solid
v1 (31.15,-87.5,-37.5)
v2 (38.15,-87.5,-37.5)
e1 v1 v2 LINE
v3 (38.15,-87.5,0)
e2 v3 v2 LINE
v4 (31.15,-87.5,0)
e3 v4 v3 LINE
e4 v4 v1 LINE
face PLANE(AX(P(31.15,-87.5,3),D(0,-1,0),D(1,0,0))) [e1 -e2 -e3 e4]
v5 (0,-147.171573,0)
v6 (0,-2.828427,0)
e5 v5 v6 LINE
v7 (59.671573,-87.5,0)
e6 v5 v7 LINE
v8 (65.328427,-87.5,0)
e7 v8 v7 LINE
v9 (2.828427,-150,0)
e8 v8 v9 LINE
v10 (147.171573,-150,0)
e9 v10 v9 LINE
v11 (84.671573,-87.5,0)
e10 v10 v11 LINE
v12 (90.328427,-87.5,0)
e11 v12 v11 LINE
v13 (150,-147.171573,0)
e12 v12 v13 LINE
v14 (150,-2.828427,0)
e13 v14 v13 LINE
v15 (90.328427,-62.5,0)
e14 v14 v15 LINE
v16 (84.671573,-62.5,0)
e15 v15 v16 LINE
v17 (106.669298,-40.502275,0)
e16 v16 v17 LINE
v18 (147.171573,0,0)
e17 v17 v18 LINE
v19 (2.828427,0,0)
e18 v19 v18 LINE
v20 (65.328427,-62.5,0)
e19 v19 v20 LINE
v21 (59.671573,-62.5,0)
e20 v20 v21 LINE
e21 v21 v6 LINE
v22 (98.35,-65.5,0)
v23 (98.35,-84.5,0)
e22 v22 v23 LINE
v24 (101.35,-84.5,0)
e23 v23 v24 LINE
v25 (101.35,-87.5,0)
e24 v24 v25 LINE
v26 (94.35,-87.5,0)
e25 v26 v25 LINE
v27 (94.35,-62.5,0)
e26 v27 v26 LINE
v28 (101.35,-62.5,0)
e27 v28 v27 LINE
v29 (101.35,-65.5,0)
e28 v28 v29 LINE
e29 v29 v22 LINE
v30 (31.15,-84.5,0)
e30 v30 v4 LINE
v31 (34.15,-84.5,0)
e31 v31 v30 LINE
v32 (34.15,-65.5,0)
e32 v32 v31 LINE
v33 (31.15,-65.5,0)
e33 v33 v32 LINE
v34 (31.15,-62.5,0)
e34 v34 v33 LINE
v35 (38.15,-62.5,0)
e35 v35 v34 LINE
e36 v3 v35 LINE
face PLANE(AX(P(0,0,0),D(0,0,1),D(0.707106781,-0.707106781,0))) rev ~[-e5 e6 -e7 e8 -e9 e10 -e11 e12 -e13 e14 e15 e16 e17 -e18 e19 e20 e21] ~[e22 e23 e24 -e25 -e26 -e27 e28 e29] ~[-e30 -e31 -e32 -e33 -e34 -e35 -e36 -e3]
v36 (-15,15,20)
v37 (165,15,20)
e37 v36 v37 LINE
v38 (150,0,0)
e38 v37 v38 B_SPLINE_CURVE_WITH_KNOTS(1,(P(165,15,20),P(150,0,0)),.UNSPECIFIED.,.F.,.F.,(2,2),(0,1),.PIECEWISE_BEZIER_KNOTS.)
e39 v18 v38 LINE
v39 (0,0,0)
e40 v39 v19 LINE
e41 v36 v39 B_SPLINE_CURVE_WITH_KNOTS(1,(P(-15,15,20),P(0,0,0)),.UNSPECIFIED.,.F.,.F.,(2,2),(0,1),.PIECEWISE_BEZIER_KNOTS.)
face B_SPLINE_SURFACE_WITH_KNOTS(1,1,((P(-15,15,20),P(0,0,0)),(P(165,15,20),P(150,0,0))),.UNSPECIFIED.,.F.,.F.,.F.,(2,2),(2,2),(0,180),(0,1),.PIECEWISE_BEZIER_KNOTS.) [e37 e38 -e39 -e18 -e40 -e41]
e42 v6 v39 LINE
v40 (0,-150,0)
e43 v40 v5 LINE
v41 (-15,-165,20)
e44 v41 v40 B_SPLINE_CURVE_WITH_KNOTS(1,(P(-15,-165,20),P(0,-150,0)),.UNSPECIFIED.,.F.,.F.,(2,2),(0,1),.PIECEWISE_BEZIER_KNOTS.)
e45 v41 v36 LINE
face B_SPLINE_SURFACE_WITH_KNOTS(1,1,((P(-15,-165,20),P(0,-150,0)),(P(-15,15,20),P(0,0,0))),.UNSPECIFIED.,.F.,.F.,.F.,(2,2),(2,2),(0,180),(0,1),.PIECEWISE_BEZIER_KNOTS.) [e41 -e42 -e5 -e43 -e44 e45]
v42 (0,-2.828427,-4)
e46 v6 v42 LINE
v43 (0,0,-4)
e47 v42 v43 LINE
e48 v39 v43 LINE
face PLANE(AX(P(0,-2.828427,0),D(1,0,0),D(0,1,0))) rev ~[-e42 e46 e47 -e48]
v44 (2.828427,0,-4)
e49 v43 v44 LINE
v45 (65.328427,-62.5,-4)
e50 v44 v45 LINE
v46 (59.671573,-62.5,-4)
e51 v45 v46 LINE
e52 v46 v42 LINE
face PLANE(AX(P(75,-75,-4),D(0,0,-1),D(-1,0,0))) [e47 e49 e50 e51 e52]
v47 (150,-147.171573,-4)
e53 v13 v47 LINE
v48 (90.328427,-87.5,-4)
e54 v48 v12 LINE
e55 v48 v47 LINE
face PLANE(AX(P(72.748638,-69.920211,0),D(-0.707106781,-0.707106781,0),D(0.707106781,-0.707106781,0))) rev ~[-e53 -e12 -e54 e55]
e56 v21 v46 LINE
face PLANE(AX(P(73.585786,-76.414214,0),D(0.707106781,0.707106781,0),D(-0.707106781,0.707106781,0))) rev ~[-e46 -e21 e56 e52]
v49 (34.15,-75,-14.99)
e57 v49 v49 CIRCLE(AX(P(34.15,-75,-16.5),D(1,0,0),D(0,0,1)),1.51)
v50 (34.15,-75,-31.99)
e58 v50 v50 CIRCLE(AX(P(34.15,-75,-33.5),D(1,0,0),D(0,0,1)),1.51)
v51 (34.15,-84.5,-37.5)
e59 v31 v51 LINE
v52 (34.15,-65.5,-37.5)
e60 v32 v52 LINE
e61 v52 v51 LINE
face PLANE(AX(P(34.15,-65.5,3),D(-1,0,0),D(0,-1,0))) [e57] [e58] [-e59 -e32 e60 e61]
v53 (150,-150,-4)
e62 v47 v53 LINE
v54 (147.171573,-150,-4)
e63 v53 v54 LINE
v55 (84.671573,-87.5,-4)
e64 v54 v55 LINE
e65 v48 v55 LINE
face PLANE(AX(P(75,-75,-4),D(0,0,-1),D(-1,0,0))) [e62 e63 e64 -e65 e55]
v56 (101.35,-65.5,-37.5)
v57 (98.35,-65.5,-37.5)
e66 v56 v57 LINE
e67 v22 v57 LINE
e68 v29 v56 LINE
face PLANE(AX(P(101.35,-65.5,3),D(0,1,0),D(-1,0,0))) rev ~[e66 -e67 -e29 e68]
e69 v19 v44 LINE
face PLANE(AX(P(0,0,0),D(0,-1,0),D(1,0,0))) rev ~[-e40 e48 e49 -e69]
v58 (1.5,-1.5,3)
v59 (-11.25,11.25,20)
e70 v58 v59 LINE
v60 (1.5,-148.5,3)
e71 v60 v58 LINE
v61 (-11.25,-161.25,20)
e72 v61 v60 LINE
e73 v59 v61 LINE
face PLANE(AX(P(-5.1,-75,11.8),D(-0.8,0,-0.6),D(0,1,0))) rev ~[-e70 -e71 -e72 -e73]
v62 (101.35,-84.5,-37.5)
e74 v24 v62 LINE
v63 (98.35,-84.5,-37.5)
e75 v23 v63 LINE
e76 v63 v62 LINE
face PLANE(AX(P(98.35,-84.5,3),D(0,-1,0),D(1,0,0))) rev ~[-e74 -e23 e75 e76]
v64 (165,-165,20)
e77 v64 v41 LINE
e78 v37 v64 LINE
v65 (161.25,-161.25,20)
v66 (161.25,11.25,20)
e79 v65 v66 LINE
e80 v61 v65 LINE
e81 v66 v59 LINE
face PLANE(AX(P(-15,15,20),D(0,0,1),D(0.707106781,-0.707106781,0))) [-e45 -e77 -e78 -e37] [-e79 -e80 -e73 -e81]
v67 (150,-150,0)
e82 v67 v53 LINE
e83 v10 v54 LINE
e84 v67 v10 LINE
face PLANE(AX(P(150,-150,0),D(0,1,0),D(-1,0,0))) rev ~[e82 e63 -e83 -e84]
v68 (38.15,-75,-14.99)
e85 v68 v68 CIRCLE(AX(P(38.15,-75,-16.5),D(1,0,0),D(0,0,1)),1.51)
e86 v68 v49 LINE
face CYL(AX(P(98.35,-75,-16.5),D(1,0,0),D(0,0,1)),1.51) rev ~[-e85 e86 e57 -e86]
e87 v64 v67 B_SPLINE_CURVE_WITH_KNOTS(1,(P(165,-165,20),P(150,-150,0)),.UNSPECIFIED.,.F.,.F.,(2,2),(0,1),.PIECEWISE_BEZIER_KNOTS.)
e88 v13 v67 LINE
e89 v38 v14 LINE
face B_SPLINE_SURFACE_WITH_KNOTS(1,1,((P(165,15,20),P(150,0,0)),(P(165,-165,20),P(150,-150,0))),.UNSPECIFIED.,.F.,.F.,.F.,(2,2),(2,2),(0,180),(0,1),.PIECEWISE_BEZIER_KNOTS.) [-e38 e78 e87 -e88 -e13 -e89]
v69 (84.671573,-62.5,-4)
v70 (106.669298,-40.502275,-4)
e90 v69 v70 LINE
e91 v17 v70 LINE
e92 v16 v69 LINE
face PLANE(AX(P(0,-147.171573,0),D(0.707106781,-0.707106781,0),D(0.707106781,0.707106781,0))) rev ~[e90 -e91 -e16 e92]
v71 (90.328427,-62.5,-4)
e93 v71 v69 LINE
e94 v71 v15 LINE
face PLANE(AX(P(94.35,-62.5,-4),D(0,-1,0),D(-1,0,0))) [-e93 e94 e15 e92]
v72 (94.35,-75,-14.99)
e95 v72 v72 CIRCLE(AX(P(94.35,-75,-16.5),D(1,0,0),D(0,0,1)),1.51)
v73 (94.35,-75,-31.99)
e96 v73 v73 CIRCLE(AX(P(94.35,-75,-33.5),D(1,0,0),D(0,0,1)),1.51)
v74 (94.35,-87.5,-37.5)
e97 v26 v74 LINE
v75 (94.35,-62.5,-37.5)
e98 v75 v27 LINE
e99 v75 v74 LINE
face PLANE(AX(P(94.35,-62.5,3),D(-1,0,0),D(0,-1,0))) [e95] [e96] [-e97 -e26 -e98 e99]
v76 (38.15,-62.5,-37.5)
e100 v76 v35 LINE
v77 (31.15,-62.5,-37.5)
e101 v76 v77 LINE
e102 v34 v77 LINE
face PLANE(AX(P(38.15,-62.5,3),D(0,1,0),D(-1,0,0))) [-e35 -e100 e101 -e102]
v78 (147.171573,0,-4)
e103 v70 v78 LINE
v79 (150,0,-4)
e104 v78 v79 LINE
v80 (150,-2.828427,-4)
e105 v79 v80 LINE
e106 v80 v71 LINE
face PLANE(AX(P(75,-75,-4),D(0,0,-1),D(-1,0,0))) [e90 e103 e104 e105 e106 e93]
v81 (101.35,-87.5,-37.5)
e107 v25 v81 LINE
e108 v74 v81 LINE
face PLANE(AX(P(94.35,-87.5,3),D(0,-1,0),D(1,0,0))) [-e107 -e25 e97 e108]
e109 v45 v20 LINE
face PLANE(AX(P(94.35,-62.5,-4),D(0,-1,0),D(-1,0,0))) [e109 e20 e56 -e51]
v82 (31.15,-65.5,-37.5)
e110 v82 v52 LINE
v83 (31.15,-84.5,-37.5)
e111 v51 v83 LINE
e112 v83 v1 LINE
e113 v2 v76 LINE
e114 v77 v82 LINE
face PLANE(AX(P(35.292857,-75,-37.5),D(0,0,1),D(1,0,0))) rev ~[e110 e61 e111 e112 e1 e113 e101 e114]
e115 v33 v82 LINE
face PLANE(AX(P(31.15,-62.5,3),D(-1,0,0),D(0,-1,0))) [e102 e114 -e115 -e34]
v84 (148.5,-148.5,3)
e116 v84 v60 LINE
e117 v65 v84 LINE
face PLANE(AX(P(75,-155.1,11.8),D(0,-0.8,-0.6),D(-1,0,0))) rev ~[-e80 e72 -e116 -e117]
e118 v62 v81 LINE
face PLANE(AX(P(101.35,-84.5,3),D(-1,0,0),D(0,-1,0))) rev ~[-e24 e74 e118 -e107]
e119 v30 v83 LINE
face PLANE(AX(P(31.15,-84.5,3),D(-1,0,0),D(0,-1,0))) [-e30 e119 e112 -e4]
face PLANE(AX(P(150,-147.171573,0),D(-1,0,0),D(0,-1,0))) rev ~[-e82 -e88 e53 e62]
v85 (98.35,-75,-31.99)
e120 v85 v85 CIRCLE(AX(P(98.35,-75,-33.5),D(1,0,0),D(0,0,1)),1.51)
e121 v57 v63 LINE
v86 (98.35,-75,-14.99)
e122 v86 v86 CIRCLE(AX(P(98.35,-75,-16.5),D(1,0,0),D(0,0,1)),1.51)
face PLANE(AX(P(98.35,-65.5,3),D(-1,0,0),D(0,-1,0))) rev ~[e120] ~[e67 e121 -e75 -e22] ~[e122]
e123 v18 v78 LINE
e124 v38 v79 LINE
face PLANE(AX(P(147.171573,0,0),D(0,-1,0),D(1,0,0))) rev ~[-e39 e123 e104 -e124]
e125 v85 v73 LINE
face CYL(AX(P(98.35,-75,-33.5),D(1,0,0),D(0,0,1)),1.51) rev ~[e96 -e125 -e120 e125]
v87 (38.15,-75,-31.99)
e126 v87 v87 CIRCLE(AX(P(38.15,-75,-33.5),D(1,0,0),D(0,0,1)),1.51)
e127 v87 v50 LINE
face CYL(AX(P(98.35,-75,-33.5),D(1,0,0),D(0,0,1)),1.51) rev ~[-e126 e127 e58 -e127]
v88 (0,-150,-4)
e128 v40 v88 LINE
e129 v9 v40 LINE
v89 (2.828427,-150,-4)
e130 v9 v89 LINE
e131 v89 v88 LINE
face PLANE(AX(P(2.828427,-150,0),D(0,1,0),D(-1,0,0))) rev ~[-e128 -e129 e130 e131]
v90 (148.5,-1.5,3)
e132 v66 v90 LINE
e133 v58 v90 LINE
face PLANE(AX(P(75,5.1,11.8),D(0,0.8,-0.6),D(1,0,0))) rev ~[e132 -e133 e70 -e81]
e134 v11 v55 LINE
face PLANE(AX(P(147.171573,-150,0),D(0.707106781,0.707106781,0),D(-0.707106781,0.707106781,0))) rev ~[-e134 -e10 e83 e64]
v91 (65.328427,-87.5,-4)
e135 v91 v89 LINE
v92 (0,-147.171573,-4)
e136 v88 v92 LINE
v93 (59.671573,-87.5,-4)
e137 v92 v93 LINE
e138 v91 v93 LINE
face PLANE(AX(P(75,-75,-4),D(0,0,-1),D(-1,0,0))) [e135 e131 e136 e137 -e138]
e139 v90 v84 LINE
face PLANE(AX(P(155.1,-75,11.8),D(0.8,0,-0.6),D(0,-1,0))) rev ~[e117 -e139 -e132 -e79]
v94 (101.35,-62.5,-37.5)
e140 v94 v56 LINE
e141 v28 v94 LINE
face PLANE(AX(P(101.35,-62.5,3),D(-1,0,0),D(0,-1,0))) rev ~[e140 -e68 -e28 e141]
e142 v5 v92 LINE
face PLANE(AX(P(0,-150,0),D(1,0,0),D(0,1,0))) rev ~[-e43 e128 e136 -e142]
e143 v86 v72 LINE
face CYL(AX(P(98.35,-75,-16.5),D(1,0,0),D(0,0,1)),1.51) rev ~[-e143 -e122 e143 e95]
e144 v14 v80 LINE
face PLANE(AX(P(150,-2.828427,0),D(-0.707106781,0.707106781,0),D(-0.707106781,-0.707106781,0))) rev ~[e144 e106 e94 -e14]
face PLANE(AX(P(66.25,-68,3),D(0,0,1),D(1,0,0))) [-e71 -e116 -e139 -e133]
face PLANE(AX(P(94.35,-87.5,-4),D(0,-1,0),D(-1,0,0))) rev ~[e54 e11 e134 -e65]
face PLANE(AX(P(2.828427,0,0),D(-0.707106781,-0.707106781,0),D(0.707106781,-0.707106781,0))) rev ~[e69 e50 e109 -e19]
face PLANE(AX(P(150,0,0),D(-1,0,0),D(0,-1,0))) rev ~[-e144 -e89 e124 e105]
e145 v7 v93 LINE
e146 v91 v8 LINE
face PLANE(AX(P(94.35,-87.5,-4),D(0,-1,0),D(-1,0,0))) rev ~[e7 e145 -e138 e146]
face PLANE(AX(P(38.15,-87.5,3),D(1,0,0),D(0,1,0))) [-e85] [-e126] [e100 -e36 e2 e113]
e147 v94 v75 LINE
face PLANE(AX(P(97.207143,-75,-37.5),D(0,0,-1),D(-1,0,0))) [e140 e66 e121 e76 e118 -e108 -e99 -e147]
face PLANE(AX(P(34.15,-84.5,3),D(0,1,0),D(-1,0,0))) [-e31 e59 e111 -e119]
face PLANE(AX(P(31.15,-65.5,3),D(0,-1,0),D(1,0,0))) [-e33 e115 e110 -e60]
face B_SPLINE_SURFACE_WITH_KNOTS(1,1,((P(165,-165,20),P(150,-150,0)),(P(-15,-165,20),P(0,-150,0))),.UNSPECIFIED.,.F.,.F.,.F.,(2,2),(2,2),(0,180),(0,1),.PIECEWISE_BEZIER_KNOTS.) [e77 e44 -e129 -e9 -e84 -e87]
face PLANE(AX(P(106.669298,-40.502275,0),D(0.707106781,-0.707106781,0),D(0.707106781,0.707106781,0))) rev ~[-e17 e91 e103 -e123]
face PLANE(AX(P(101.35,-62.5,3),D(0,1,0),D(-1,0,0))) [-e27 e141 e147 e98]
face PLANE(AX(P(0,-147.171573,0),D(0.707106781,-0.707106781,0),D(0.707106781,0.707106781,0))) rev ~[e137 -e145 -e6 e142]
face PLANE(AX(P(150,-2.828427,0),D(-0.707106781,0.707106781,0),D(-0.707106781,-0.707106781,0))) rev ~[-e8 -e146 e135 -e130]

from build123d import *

# Parameters (mm, degrees)
SHELL_2_T           = -3
SKETCH_4_R          = 1.5
CUT_EXTRUDE_1_DEPTH = 10
EXTRUDE_1_DEPTH     = 40.5
CUT_EXTRUDE_2_DEPTH = 100
SKETCH_8_R          = 1.5
EXTRUDE_2_DEPTH     = 3
EXTRUDE_3_DEPTH     = 4
EXTRUDE_4_DEPTH     = 4
SKETCH_11_W         = 56.2
SKETCH_11_H         = 25
CUT_EXTRUDE_3_DEPTH = 4


with BuildPart() as part:
    # 草图3 → 放样1 section 0
    with BuildSketch(Plane.XY.offset(20)):
        with BuildLine():
            Line((-15, 15), (165, 15))
            Line((165, 15), (165, -165))
            Line((165, -165), (-15, -165))
            Line((-15, -165), (-15, 15))
        make_face()
    # 草图1 → 放样1 section 1
    with BuildSketch(Plane.XY):
        with BuildLine():
            Line((0, 0), (150, 0))
            Line((150, 0), (150, -150))
            Line((150, -150), (0, -150))
            Line((0, -150), (0, 0))
        make_face()
    loft()

    # 抽壳2
    shell_2_openings = [part.faces().sort_by_distance(p)[0] for p in [
        (75, -75, 20),
    ]]
    offset(amount=SHELL_2_T, openings=shell_2_openings, kind=Kind.INTERSECTION)

    # 草图4 → 切除-拉伸1 (cut)
    with BuildSketch(Plane.XY.offset(3)):
        with BuildLine():
            ThreePointArc((86.25, -75), (84.75, -73.5), (83.25, -75))
            Line((83.25, -75), (86.25, -75))
        make_face()
        with BuildLine():
            Line((86.25, -75), (83.25, -75))
            ThreePointArc((83.25, -75), (84.75, -76.5), (86.25, -75))
        make_face()
        with Locations((66.25, -82)):
            Circle(SKETCH_4_R)
        with BuildLine():
            ThreePointArc((74.75, -75), (73.25, -73.5), (71.75, -75))
            Line((71.75, -75), (74.75, -75))
        make_face()
        with BuildLine():
            Line((74.75, -75), (71.75, -75))
            ThreePointArc((71.75, -75), (73.25, -76.5), (74.75, -75))
        make_face()
        with Locations((66.25, -68)):
            Circle(SKETCH_4_R)
        with BuildLine():
            ThreePointArc((60.75, -75), (59.25, -73.5), (57.75, -75))
            Line((57.75, -75), (60.75, -75))
        make_face()
        with BuildLine():
            Line((60.75, -75), (57.75, -75))
            ThreePointArc((57.75, -75), (59.25, -76.5), (60.75, -75))
        make_face()
        with BuildLine():
            ThreePointArc((49.25, -75), (47.75, -73.5), (46.25, -75))
            Line((46.25, -75), (49.25, -75))
        make_face()
        with BuildLine():
            Line((49.25, -75), (46.25, -75))
            ThreePointArc((46.25, -75), (47.75, -76.5), (49.25, -75))
        make_face()
    extrude(amount=-CUT_EXTRUDE_1_DEPTH, mode=Mode.SUBTRACT)

    # 草图6 → 凸台-拉伸1 (add)
    with BuildSketch(Plane.XY.offset(3)):
        Polygon((38.15, -62.5), (34.15, -62.5), (31.15, -62.5), (31.15, -65.5), (34.15, -65.5), (34.15, -84.5), (31.15, -84.5), (31.15, -87.5), (34.15, -87.5), (38.15, -87.5), (38.15, -75), align=None)
        Polygon((94.35, -75), (94.35, -62.5), (98.35, -62.5), (101.35, -62.5), (101.35, -65.5), (98.35, -65.5), (98.35, -84.5), (101.35, -84.5), (101.35, -87.5), (98.35, -87.5), (94.35, -87.5), align=None)
    extrude(amount=-EXTRUDE_1_DEPTH)

    # 草图7 → 切除-拉伸2 (cut)
    with BuildSketch(Plane(origin=(98.35, 0, 0), x_dir=(0, 0, -1), z_dir=(1, 0, 0))):
        with BuildLine():
            ThreePointArc((18.01, -75), (16.5, -73.49), (14.99, -75))
            Line((14.99, -75), (16.5, -75))
            Line((16.5, -75), (18.01, -75))
        make_face()
        with BuildLine():
            Line((16.5, -75), (14.99, -75))
            ThreePointArc((14.99, -75), (16.5, -76.51), (18.01, -75))
            Line((18.01, -75), (16.5, -75))
        make_face()
        with BuildLine():
            ThreePointArc((35.01, -75), (33.5, -73.49), (31.99, -75))
            Line((31.99, -75), (33.5, -75))
            Line((33.5, -75), (35.01, -75))
        make_face()
        with BuildLine():
            Line((33.5, -75), (31.99, -75))
            ThreePointArc((31.99, -75), (33.5, -76.51), (35.01, -75))
            Line((35.01, -75), (33.5, -75))
        make_face()
    extrude(amount=-CUT_EXTRUDE_2_DEPTH, mode=Mode.SUBTRACT)

    # 草图8 → 凸台-拉伸2 (add)
    with BuildSketch(Plane.XY.offset(3)):
        with Locations((66.25, -68)):
            Circle(SKETCH_8_R)
        with Locations((59.25, -75)):
            Circle(SKETCH_8_R)
        with Locations((47.75, -75)):
            Circle(SKETCH_8_R)
        with Locations((73.25, -75)):
            Circle(SKETCH_8_R)
        with Locations((84.75, -75)):
            Circle(SKETCH_8_R)
        with Locations((66.25, -82)):
            Circle(SKETCH_8_R)
    extrude(amount=-EXTRUDE_2_DEPTH)

    # 草图9 → 凸台-拉伸3 (add)
    with BuildSketch(Plane(origin=(0, 0, 0), x_dir=(-1, 0, 0), z_dir=(0, 0, -1))):
        Polygon((-73.585786438, -76.414213562), (0, -2.828427125), (0, 0), (-2.828427125, 0), (-72.748638048, -69.920210924), (-150, -147.171572875), (-150, -150), (-147.171572875, -150), align=None)
    extrude(amount=EXTRUDE_3_DEPTH)

    # 草图10 → 凸台-拉伸4 (add)
    with BuildSketch(Plane(origin=(0, 0, 0), x_dir=(-1, 0, 0), z_dir=(0, 0, -1))):
        Polygon((-106.669297814, -40.502275062), (-147.171572875, 0), (-150, 0), (-150, -2.828427125), (-121.973814525, -30.8546126), (-2.828427125, -150), (0, -150), (0, -147.171572875), align=None)
    extrude(amount=EXTRUDE_4_DEPTH)

    # 草图11 → 切除-拉伸3 (cut)
    with BuildSketch(Plane(origin=(0, 0, -4), x_dir=(-1, 0, 0), z_dir=(0, 0, -1))):
        with Locations((-66.25, -75)):
            Rectangle(SKETCH_11_W, SKETCH_11_H)
    extrude(amount=-CUT_EXTRUDE_3_DEPTH, mode=Mode.SUBTRACT)


solid = part.part
